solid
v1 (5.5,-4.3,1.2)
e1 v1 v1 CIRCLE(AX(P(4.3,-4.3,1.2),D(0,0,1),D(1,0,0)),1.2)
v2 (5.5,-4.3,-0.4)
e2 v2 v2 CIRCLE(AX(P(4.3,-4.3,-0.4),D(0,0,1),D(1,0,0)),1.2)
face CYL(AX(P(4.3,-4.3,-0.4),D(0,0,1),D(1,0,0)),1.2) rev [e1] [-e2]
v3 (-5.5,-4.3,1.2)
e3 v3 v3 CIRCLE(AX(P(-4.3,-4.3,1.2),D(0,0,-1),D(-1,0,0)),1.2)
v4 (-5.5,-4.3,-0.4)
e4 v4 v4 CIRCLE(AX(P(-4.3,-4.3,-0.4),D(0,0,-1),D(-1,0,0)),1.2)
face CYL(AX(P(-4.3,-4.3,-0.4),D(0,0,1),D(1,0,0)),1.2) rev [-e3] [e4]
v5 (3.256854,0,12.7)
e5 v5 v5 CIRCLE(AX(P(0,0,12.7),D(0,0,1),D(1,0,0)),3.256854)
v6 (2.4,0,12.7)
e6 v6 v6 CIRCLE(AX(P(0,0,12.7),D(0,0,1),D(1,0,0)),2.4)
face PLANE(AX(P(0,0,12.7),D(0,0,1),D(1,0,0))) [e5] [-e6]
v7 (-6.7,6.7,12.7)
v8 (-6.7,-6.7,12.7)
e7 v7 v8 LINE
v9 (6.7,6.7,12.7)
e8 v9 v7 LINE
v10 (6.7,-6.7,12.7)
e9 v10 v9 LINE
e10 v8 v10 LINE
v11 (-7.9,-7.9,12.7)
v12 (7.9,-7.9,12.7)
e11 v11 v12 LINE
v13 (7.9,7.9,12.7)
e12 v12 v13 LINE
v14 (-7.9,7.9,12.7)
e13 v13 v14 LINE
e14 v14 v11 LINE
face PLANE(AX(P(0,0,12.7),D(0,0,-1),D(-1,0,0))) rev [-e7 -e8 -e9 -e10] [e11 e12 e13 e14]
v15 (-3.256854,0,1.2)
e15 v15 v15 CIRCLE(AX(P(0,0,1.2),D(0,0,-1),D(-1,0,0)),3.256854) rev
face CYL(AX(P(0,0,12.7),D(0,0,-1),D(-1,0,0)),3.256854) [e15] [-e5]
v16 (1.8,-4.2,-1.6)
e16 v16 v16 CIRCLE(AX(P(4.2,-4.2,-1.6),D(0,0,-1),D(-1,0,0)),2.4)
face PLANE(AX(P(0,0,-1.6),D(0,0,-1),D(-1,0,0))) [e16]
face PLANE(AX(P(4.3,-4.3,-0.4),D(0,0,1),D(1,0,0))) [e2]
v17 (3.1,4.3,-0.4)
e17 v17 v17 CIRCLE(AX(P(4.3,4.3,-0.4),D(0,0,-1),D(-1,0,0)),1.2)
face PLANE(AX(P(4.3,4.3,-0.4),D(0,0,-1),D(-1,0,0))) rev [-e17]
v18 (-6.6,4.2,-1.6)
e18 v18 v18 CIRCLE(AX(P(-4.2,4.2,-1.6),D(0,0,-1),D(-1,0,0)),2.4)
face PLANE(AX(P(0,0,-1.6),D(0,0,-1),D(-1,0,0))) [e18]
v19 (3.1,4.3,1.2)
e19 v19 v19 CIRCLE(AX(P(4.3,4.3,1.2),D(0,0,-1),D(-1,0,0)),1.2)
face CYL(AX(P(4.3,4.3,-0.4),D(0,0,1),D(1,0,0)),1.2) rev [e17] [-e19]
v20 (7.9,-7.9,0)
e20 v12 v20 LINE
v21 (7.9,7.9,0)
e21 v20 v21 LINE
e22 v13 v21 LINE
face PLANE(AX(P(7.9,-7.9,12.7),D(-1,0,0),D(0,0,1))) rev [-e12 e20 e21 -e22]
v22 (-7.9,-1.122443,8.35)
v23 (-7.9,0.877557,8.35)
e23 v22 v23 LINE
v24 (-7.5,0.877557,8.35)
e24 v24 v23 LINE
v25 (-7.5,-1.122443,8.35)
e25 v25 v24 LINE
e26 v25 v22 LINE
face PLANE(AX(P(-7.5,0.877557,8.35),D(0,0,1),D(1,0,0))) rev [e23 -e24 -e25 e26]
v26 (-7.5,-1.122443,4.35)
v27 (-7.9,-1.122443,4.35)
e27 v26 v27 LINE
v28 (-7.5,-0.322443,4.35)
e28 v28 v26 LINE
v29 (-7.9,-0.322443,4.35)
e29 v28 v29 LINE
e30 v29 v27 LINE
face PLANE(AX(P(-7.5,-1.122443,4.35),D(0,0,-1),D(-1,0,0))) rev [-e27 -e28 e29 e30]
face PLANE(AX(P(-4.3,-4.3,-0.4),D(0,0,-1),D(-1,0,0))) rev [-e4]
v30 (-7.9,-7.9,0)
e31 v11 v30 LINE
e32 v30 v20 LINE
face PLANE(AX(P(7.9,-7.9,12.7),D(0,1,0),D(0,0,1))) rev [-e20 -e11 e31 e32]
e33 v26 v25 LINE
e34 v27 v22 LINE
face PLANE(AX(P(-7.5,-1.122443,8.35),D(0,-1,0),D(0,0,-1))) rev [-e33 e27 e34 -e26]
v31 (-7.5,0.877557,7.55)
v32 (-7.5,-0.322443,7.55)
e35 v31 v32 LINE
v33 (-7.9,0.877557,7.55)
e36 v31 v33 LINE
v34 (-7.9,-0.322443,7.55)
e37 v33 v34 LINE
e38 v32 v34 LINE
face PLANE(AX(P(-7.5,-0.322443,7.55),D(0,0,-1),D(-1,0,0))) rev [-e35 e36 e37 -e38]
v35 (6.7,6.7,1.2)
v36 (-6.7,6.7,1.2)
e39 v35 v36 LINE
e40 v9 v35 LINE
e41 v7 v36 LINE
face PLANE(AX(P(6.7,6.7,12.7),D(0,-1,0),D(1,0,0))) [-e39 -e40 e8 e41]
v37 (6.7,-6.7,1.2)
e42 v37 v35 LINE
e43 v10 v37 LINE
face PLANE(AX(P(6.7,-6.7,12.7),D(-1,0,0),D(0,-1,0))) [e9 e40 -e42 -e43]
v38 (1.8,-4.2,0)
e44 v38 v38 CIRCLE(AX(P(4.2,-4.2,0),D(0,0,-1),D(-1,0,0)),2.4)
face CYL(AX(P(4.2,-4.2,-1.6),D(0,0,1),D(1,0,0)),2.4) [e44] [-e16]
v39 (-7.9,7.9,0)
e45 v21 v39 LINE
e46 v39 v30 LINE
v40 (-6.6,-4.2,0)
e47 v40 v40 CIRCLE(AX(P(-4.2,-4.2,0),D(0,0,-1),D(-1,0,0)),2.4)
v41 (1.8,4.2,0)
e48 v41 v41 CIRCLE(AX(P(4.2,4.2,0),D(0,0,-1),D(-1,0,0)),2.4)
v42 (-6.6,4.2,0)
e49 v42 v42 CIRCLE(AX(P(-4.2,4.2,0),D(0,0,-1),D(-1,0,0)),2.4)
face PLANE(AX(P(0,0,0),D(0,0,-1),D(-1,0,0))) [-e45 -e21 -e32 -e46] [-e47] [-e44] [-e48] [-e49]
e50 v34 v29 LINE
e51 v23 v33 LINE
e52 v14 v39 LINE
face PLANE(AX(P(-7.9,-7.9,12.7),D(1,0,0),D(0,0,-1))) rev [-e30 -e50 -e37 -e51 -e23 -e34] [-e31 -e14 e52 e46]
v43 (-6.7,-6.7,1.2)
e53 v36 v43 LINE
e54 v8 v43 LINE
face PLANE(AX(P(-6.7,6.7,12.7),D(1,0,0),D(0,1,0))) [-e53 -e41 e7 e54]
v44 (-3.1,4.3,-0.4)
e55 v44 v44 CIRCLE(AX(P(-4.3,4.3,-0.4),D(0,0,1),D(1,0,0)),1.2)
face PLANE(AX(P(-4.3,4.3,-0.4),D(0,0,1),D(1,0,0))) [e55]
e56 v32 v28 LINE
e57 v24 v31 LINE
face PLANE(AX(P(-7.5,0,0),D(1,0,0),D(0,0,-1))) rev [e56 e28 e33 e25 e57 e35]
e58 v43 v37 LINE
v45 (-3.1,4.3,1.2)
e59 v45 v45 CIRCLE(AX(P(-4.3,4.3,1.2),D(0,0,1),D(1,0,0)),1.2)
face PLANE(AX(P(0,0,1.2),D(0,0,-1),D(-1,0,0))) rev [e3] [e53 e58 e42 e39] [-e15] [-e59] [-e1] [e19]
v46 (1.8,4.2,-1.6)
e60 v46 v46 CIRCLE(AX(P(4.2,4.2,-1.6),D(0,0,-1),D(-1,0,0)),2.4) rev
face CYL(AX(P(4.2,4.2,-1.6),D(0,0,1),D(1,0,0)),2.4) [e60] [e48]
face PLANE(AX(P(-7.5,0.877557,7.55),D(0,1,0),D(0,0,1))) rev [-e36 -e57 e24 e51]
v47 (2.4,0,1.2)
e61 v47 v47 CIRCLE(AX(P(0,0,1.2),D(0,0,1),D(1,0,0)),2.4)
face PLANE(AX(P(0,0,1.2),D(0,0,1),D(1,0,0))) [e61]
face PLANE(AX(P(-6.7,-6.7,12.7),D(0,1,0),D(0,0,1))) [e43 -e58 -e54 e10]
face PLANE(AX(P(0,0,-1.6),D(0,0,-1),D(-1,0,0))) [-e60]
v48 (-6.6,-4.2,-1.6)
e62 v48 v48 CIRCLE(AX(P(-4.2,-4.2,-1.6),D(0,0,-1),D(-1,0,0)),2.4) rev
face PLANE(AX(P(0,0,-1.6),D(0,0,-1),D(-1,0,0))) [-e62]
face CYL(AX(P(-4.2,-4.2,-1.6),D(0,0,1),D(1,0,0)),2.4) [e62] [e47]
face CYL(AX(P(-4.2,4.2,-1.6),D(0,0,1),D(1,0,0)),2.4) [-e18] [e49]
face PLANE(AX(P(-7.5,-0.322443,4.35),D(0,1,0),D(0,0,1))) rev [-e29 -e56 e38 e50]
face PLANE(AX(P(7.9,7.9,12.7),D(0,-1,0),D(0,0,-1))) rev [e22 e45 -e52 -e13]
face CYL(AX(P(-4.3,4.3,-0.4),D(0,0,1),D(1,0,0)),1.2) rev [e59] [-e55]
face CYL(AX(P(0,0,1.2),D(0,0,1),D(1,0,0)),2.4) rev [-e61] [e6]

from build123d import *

# Parameters (mm, degrees)
SKETCH2_W           = 15.8
SKETCH2_H           = 15.8
BOSS_EXTRUDE1_DEPTH = 12.7
CUT_EXTRUDE1_DEPTH  = 11.49999986
SKETCH5_R           = 3.256854249
BOSS_EXTRUDE3_DEPTH = 11.5
SKETCH6_R           = 2.4
CUT_EXTRUDE2_DEPTH  = 11.5
SKETCH4_R           = 2.4
BOSS_EXTRUDE4_DEPTH = 1.6
SKETCH7_R           = 1.2
CUT_EXTRUDE3_DEPTH  = 1.6
CUT_EXTRUDE4_DEPTH  = 0.4


with BuildPart() as part:
    # Sketch2 → Boss-Extrude1 (new body)
    with BuildSketch(Plane(origin=(0, 0, 0), x_dir=(0, 1, 0), z_dir=(0, 0, 1))):
        Rectangle(SKETCH2_W, SKETCH2_H)
    extrude(amount=BOSS_EXTRUDE1_DEPTH)

    # 3DSketch1 → Cut-Extrude1 (cut)
    with BuildSketch(Plane(origin=(-6.7, -6.7, 12.7), x_dir=(0.7071067811865477, 0.7071067811865474, 0), z_dir=(0, 0, 1))):
        Polygon((0, 0), (9.475230868, -9.475230868), (18.950461736, 0), (9.475230868, 9.475230868), align=None)
    extrude(amount=-CUT_EXTRUDE1_DEPTH, mode=Mode.SUBTRACT)

    # Sketch5 → Boss-Extrude3 (add)
    with BuildSketch(Plane.XY.offset(1.20000014)):
        with Locations(Location((0, 0, 0), (0, 0, 180))):
            Circle(SKETCH5_R)
    extrude(amount=BOSS_EXTRUDE3_DEPTH)

    # Sketch6 → Cut-Extrude2 (cut)
    with BuildSketch(Plane.XY.offset(12.70000014)):
        Circle(SKETCH6_R)
    extrude(amount=-CUT_EXTRUDE2_DEPTH, mode=Mode.SUBTRACT)

    # Sketch4 → Boss-Extrude4 (add)
    with BuildSketch(Plane(origin=(0, 0, 0), x_dir=(1, 0, 0), z_dir=(0, 0, -1))):
        with Locations(Location((-4.2, 4.2, 0), (0, 0, 180))):
            Circle(SKETCH4_R)
        with Locations(Location((4.2, 4.2, 0), (0, 0, 180))):
            Circle(SKETCH4_R)
        with Locations(Location((-4.2, -4.2, 0), (0, 0, 180))):
            Circle(SKETCH4_R)
        with Locations(Location((4.2, -4.2, 0), (0, 0, 180))):
            Circle(SKETCH4_R)
    extrude(amount=BOSS_EXTRUDE4_DEPTH)

    # Sketch7 → Cut-Extrude3 (cut)
    with BuildSketch(Plane.XY.offset(1.20000014)):
        with Locations((-4.3, 4.3)):
            Circle(SKETCH7_R)
        with Locations(Location((4.3, 4.3, 0), (0, 0, 180))):
            Circle(SKETCH7_R)
        with Locations((4.3, -4.3)):
            Circle(SKETCH7_R)
        with Locations(Location((-4.3, -4.3, 0), (0, 0, 180))):
            Circle(SKETCH7_R)
    extrude(amount=-CUT_EXTRUDE3_DEPTH, mode=Mode.SUBTRACT)

    # Sketch8 → Cut-Extrude4 (cut)
    with BuildSketch(Plane(origin=(-7.9, 0, 0), x_dir=(0, -1, 0), z_dir=(-1, 0, 0))):
        Polygon((0.322443159, 4.35), (0.322443159, 7.55), (-0.877556841, 7.55), (-0.877556841, 8.35), (1.122443159, 8.35), (1.122443159, 4.35), align=None)
    extrude(amount=-CUT_EXTRUDE4_DEPTH, mode=Mode.SUBTRACT)


solid = part.part
